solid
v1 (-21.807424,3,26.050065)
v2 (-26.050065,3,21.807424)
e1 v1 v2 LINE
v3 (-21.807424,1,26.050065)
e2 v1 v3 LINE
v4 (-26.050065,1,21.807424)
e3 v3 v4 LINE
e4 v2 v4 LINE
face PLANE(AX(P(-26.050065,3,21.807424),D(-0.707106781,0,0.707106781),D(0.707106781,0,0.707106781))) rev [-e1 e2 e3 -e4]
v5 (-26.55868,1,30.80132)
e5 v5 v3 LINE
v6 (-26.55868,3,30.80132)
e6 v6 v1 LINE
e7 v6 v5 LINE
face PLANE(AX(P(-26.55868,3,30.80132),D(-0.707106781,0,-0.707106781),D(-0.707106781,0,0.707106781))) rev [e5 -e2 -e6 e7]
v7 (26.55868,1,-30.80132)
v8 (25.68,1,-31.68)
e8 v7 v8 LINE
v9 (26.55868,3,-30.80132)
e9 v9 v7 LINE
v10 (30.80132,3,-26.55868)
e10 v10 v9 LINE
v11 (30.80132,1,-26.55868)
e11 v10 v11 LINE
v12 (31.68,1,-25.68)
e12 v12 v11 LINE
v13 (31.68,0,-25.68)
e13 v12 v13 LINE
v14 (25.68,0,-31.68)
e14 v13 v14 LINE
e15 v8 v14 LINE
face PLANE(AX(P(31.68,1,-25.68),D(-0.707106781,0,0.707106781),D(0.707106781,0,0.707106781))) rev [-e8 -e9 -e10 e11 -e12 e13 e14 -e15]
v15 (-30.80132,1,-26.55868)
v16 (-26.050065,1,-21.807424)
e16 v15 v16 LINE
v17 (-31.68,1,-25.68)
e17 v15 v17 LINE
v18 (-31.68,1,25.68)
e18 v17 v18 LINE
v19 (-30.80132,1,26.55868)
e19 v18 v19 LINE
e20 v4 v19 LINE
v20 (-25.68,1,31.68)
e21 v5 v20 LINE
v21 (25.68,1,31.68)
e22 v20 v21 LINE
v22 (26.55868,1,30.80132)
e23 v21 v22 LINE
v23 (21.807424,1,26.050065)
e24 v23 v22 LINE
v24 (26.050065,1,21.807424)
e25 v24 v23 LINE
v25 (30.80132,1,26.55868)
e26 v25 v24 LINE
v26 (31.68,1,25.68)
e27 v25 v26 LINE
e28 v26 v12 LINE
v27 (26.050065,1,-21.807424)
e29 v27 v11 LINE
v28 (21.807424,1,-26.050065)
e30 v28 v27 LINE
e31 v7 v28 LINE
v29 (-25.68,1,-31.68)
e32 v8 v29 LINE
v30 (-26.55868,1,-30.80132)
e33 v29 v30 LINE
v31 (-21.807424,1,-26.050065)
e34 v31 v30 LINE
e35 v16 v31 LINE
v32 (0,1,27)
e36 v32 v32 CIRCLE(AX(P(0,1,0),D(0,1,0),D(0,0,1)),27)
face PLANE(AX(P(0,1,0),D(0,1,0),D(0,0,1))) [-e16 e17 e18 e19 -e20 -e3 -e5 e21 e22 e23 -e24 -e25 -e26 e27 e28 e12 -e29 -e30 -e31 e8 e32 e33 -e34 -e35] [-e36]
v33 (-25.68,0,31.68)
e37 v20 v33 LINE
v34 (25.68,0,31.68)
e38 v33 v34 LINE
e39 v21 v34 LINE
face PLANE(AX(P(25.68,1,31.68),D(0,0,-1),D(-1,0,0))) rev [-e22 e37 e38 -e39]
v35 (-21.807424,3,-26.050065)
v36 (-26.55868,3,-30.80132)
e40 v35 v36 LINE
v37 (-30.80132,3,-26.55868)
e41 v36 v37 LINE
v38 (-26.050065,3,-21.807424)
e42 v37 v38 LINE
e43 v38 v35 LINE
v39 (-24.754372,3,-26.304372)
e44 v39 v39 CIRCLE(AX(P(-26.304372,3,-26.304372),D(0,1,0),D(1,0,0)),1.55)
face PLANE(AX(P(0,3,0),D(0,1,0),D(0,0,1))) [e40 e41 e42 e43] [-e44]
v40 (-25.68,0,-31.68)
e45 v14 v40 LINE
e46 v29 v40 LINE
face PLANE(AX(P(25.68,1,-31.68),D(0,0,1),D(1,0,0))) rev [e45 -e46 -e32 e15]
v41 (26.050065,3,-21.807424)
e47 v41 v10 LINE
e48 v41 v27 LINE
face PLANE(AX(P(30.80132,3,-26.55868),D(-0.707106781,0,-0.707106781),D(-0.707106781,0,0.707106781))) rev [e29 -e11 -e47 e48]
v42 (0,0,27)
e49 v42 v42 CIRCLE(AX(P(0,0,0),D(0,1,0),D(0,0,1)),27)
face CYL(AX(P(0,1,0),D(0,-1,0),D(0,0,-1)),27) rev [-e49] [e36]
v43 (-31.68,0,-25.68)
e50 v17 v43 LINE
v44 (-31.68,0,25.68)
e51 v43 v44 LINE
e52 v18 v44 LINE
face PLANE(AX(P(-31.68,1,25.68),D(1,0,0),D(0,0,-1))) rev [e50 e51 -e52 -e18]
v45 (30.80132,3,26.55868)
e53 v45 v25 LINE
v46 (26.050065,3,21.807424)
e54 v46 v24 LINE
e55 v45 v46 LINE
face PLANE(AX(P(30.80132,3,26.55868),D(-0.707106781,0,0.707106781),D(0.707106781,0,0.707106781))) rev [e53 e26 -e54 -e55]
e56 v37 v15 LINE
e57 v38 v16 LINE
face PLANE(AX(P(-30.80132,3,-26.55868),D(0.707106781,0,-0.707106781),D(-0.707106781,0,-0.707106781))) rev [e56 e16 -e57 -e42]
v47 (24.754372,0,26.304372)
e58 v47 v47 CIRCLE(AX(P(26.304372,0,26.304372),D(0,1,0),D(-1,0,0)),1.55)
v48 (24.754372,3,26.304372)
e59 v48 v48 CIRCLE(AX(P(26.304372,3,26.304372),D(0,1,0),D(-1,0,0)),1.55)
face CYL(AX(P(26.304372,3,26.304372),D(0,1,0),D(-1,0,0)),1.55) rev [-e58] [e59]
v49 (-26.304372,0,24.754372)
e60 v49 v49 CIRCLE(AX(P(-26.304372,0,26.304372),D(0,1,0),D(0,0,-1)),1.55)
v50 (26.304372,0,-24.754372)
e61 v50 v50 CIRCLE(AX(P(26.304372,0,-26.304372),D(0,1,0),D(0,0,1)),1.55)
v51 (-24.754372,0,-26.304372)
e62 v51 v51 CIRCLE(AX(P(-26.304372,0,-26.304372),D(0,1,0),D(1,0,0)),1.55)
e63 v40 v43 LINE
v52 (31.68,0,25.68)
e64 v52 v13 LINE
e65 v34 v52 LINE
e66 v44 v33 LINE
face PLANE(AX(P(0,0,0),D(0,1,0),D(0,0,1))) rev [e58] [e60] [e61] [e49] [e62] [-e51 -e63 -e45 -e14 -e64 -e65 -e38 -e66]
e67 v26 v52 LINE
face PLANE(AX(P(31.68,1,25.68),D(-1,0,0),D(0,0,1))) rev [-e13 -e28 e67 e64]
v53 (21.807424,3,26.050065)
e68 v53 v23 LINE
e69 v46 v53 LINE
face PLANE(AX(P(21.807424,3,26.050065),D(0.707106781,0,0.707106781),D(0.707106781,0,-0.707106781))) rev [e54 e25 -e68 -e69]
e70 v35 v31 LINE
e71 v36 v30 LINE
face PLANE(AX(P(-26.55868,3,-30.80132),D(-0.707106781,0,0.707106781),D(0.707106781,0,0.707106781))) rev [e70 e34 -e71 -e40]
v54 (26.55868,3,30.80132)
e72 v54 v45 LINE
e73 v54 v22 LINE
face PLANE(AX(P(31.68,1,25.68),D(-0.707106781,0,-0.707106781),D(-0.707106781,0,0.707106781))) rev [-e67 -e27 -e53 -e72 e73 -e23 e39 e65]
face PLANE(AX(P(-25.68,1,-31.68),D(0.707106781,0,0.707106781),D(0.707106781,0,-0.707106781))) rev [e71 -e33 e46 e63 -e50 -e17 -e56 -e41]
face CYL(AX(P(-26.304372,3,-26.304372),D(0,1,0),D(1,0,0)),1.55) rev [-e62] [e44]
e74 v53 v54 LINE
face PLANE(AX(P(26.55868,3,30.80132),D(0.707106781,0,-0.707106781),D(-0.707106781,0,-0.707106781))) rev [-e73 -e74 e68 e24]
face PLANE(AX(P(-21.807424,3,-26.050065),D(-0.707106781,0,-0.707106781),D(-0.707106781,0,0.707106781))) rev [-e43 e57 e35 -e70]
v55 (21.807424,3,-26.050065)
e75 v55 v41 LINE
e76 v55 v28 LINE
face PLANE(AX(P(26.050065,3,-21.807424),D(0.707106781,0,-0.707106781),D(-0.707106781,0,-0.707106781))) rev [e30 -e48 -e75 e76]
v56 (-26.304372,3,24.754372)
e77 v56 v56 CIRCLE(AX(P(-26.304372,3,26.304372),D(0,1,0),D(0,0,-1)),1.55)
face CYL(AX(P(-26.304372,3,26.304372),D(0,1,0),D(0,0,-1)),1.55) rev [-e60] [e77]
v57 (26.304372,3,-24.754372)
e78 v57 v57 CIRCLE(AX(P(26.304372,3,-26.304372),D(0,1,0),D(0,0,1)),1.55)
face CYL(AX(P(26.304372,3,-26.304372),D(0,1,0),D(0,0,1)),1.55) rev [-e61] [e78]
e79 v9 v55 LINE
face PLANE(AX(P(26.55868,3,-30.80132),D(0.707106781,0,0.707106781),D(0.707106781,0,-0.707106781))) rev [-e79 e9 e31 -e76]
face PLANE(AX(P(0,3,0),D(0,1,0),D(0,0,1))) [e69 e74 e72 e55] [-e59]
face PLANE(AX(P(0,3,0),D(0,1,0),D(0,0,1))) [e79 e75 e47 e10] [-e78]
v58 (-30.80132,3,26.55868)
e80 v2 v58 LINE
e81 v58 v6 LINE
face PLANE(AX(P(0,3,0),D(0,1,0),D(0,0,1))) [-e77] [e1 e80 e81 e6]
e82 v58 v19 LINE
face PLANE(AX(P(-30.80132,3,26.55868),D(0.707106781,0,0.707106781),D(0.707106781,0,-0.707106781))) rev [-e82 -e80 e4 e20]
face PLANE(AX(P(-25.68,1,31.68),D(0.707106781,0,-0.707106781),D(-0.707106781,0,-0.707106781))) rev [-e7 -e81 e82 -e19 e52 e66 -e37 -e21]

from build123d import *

# Parameters (mm, degrees)
SKETCH1_R            = 27
BOSS_EXTRUDE1_DEPTH  = 1
BOSS_EXTRUDE2_DEPTH  = 2
M3_CLEARANCE_HOLE1_D = 3.1
CIRPATTERN1_COUNT    = 4


with BuildPart() as part:
    # Sketch1 → Boss-Extrude1 (new body)
    with BuildSketch(Plane(origin=(0, 0, 0), x_dir=(1, 0, 0), z_dir=(0, 1, 0))):
        Polygon((31.68, 25.68), (25.68, 31.68), (-25.68, 31.68), (-31.68, 25.68), (-31.68, -25.68), (-25.68, -31.68), (25.68, -31.68), (31.68, -25.68), align=None)
        with Locations(Location((0, 0, 0), (0, 0, 270))):
            Circle(SKETCH1_R, mode=Mode.SUBTRACT)
    extrude(amount=BOSS_EXTRUDE1_DEPTH)

    # Sketch2 → Boss-Extrude2 (add)
    with BuildSketch(Plane(origin=(0, 1, 0), x_dir=(1, 0, 0), z_dir=(0, 1, 0))):
        Polygon((30.801320344, 26.558679656), (26.050064864, 21.807424177), (21.807424177, 26.050064864), (26.558679656, 30.801320344), align=None)
        Polygon((30.801320344, -26.558679656), (26.050064864, -21.807424177), (21.807424177, -26.050064864), (26.558679656, -30.801320344), align=None)
        Polygon((-26.558679656, -30.801320344), (-21.807424177, -26.050064864), (-26.050064864, -21.807424177), (-30.801320344, -26.558679656), align=None)
        Polygon((-30.801320344, 26.558679656), (-26.050064864, 21.807424177), (-21.807424177, 26.050064864), (-26.558679656, 30.801320344), align=None)
    extrude(amount=BOSS_EXTRUDE2_DEPTH)

    # M3 Clearance Hole1 (through all)
    with Locations(Plane(origin=(0, 3, 0), x_dir=(1, 0, 0), z_dir=(0, 1, 0))):
        with Locations((26.30437226, 26.30437226)):
            m3_clearance_hole1 = Hole(M3_CLEARANCE_HOLE1_D / 2)

    # CirPattern1: M3 Clearance Hole1 ×4 about axis
    cirpattern1_axis = Axis((0, 0, 0), (0, 1, 0))
    for i in range(1, CIRPATTERN1_COUNT):
        add(m3_clearance_hole1.rotate(cirpattern1_axis, i * 360 / CIRPATTERN1_COUNT), mode=Mode.SUBTRACT)


solid = part.part
